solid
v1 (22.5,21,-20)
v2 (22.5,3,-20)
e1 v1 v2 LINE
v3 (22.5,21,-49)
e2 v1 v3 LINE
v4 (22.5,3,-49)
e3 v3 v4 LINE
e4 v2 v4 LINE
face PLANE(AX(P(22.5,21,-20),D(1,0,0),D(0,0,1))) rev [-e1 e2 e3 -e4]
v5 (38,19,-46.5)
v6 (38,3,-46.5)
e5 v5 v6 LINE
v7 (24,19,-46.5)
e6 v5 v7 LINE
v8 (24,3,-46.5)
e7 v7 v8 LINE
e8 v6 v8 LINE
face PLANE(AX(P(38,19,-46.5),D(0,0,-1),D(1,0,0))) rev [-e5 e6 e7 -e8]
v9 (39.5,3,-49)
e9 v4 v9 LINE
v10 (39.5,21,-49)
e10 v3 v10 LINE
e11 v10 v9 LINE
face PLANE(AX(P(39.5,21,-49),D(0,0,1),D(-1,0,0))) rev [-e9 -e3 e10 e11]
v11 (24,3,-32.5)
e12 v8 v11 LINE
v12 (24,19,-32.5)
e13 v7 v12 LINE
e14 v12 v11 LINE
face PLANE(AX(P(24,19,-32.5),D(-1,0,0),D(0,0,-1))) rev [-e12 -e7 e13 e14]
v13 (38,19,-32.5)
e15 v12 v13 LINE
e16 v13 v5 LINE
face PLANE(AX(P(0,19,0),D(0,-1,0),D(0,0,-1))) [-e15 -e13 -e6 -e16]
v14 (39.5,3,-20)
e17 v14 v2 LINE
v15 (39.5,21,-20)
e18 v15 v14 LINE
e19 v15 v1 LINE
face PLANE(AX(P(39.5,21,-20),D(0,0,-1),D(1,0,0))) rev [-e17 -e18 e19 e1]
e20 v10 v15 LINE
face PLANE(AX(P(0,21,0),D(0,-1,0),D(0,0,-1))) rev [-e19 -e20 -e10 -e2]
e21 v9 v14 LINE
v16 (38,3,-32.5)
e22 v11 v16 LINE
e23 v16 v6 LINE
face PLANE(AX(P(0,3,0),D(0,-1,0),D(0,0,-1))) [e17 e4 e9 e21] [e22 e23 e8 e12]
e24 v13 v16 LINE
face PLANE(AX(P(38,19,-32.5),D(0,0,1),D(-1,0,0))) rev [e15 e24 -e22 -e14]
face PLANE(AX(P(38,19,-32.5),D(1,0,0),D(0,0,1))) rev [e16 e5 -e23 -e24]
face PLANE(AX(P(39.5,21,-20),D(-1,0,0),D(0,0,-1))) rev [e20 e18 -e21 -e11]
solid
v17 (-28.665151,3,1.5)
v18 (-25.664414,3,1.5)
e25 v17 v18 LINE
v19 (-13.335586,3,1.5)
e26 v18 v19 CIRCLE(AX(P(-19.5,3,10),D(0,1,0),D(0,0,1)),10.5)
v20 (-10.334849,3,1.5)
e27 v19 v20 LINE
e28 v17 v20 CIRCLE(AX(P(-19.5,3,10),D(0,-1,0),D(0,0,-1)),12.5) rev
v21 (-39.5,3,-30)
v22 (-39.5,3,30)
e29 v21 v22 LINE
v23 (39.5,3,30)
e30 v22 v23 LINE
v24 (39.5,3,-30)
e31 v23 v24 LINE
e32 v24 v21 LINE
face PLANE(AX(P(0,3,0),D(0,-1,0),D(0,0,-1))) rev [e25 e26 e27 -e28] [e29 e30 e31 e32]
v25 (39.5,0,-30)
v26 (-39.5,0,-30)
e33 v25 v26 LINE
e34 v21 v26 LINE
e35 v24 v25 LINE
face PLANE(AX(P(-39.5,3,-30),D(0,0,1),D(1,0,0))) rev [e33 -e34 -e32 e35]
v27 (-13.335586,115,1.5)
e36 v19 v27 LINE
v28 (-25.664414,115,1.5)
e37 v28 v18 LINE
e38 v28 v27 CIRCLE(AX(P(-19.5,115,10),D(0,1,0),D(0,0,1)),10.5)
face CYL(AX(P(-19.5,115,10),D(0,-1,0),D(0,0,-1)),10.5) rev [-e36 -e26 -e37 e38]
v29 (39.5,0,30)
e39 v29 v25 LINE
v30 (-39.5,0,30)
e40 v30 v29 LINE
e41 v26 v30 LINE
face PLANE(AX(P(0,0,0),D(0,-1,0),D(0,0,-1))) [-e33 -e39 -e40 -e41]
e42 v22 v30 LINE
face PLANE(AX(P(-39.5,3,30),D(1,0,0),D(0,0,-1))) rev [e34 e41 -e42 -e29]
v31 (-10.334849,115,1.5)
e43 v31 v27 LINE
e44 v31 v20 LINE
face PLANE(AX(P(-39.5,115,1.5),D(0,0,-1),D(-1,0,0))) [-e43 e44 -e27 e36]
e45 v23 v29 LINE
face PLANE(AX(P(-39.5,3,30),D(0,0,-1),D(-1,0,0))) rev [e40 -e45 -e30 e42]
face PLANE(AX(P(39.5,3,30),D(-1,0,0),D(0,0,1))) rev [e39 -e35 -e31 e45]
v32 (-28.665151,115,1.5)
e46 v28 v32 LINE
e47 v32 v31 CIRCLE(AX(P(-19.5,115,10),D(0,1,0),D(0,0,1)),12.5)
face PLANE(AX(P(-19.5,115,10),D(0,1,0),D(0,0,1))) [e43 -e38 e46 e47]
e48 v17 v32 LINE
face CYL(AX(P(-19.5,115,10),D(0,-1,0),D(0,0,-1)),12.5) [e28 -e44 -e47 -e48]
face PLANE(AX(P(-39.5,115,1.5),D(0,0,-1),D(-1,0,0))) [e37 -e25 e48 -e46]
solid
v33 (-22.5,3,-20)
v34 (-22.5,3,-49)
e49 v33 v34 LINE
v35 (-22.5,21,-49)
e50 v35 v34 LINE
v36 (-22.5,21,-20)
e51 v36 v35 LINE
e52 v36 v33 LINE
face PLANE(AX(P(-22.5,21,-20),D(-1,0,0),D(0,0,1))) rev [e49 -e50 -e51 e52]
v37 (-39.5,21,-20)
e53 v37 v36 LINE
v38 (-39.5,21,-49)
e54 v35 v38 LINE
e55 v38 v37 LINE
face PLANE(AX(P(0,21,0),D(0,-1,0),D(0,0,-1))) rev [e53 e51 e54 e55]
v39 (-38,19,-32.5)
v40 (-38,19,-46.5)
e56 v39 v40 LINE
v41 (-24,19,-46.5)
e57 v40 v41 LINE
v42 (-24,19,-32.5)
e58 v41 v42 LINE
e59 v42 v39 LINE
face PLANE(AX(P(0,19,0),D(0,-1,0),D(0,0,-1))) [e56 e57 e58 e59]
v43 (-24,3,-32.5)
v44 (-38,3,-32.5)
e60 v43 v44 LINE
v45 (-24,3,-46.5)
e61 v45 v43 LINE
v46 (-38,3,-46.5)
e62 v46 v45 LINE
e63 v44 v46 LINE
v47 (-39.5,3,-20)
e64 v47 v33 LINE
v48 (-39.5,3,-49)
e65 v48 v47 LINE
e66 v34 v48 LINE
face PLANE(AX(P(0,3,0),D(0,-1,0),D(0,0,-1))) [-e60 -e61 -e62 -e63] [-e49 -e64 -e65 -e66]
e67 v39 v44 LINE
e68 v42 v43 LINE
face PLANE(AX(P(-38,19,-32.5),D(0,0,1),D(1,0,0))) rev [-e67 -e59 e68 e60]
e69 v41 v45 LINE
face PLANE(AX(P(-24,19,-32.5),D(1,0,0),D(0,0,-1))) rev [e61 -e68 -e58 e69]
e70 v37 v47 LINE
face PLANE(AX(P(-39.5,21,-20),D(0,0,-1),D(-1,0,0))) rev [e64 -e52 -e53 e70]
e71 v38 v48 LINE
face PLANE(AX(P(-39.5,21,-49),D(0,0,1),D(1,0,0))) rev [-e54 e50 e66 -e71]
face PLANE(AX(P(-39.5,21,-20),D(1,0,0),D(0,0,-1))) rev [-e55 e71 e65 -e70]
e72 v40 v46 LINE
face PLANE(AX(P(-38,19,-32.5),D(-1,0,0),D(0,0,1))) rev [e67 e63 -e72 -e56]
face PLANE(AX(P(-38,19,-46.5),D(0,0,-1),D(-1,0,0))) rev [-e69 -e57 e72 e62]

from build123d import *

# Parameters (mm, degrees)
SKETCH1_W           = 79
SKETCH1_H           = 60
BOSS_EXTRUDE1_DEPTH = 3
SKETCH2_W           = 17
SKETCH2_H           = 29
BOSS_EXTRUDE2_DEPTH = 18
SKETCH3_W           = 14
SKETCH3_H           = 14
CUT_EXTRUDE1_DEPTH  = 16
SKETCH5_R           = 12.5
BOSS_EXTRUDE3_DEPTH = 112
SKETCH7_W           = 40
SKETCH7_H           = 11.5
CUT_EXTRUDE2_DEPTH  = 112
SKETCH8_R           = 10.5
CUT_EXTRUDE3_DEPTH  = 112


with BuildPart() as part:
    # Sketch1 → Boss-Extrude1 (new body)
    with BuildSketch(Plane(origin=(0, 0, 0), x_dir=(1, 0, 0), z_dir=(0, 1, 0))):
        Rectangle(SKETCH1_W, SKETCH1_H)
    extrude(amount=BOSS_EXTRUDE1_DEPTH)

    # Sketch5 → Boss-Extrude3 (add)
    with BuildSketch(Plane(origin=(0, 3, 0), x_dir=(1, 0, 0), z_dir=(0, 1, 0))):
        with Locations(Location((-19.5, -10, 0), (0, 0, 90))):
            Circle(SKETCH5_R)
    extrude(amount=BOSS_EXTRUDE3_DEPTH)

    # Sketch7 → Cut-Extrude2 (cut)
    with BuildSketch(Plane(origin=(0, 3, 0), x_dir=(1, 0, 0), z_dir=(0, 1, 0))):
        with Locations((-19.5, 4.25)):
            Rectangle(SKETCH7_W, SKETCH7_H)
    extrude(amount=CUT_EXTRUDE2_DEPTH, mode=Mode.SUBTRACT)

    # Sketch8 → Cut-Extrude3 (cut)
    with BuildSketch(Plane(origin=(0, 3, 0), x_dir=(1, 0, 0), z_dir=(0, 1, 0))):
        with Locations((-19.5, -10)):
            Circle(SKETCH8_R)
    extrude(amount=CUT_EXTRUDE3_DEPTH, mode=Mode.SUBTRACT)


with BuildPart() as body_2:
    # Sketch2 → Boss-Extrude2 (new body)
    with BuildSketch(Plane(origin=(0, 3, 0), x_dir=(1, 0, 0), z_dir=(0, 1, 0))):
        with Locations((-31, 34.5)):
            Rectangle(SKETCH2_W, SKETCH2_H)
    extrude(amount=BOSS_EXTRUDE2_DEPTH)

    # Sketch3 → Cut-Extrude1 (cut)
    with BuildSketch(Plane.XZ.offset(-3)):
        with Locations((-31, -39.5)):
            Rectangle(SKETCH3_W, SKETCH3_H)
    extrude(amount=-CUT_EXTRUDE1_DEPTH, mode=Mode.SUBTRACT)


with BuildPart() as body_3:
    # Mirror1: mirrored copy
    add(body_2.part.mirror(Plane(origin=(0, 0, 0), x_dir=(0, 0, 1), z_dir=(1, 0, 0))))


solid = Compound([part.part, body_2.part, body_3.part])
